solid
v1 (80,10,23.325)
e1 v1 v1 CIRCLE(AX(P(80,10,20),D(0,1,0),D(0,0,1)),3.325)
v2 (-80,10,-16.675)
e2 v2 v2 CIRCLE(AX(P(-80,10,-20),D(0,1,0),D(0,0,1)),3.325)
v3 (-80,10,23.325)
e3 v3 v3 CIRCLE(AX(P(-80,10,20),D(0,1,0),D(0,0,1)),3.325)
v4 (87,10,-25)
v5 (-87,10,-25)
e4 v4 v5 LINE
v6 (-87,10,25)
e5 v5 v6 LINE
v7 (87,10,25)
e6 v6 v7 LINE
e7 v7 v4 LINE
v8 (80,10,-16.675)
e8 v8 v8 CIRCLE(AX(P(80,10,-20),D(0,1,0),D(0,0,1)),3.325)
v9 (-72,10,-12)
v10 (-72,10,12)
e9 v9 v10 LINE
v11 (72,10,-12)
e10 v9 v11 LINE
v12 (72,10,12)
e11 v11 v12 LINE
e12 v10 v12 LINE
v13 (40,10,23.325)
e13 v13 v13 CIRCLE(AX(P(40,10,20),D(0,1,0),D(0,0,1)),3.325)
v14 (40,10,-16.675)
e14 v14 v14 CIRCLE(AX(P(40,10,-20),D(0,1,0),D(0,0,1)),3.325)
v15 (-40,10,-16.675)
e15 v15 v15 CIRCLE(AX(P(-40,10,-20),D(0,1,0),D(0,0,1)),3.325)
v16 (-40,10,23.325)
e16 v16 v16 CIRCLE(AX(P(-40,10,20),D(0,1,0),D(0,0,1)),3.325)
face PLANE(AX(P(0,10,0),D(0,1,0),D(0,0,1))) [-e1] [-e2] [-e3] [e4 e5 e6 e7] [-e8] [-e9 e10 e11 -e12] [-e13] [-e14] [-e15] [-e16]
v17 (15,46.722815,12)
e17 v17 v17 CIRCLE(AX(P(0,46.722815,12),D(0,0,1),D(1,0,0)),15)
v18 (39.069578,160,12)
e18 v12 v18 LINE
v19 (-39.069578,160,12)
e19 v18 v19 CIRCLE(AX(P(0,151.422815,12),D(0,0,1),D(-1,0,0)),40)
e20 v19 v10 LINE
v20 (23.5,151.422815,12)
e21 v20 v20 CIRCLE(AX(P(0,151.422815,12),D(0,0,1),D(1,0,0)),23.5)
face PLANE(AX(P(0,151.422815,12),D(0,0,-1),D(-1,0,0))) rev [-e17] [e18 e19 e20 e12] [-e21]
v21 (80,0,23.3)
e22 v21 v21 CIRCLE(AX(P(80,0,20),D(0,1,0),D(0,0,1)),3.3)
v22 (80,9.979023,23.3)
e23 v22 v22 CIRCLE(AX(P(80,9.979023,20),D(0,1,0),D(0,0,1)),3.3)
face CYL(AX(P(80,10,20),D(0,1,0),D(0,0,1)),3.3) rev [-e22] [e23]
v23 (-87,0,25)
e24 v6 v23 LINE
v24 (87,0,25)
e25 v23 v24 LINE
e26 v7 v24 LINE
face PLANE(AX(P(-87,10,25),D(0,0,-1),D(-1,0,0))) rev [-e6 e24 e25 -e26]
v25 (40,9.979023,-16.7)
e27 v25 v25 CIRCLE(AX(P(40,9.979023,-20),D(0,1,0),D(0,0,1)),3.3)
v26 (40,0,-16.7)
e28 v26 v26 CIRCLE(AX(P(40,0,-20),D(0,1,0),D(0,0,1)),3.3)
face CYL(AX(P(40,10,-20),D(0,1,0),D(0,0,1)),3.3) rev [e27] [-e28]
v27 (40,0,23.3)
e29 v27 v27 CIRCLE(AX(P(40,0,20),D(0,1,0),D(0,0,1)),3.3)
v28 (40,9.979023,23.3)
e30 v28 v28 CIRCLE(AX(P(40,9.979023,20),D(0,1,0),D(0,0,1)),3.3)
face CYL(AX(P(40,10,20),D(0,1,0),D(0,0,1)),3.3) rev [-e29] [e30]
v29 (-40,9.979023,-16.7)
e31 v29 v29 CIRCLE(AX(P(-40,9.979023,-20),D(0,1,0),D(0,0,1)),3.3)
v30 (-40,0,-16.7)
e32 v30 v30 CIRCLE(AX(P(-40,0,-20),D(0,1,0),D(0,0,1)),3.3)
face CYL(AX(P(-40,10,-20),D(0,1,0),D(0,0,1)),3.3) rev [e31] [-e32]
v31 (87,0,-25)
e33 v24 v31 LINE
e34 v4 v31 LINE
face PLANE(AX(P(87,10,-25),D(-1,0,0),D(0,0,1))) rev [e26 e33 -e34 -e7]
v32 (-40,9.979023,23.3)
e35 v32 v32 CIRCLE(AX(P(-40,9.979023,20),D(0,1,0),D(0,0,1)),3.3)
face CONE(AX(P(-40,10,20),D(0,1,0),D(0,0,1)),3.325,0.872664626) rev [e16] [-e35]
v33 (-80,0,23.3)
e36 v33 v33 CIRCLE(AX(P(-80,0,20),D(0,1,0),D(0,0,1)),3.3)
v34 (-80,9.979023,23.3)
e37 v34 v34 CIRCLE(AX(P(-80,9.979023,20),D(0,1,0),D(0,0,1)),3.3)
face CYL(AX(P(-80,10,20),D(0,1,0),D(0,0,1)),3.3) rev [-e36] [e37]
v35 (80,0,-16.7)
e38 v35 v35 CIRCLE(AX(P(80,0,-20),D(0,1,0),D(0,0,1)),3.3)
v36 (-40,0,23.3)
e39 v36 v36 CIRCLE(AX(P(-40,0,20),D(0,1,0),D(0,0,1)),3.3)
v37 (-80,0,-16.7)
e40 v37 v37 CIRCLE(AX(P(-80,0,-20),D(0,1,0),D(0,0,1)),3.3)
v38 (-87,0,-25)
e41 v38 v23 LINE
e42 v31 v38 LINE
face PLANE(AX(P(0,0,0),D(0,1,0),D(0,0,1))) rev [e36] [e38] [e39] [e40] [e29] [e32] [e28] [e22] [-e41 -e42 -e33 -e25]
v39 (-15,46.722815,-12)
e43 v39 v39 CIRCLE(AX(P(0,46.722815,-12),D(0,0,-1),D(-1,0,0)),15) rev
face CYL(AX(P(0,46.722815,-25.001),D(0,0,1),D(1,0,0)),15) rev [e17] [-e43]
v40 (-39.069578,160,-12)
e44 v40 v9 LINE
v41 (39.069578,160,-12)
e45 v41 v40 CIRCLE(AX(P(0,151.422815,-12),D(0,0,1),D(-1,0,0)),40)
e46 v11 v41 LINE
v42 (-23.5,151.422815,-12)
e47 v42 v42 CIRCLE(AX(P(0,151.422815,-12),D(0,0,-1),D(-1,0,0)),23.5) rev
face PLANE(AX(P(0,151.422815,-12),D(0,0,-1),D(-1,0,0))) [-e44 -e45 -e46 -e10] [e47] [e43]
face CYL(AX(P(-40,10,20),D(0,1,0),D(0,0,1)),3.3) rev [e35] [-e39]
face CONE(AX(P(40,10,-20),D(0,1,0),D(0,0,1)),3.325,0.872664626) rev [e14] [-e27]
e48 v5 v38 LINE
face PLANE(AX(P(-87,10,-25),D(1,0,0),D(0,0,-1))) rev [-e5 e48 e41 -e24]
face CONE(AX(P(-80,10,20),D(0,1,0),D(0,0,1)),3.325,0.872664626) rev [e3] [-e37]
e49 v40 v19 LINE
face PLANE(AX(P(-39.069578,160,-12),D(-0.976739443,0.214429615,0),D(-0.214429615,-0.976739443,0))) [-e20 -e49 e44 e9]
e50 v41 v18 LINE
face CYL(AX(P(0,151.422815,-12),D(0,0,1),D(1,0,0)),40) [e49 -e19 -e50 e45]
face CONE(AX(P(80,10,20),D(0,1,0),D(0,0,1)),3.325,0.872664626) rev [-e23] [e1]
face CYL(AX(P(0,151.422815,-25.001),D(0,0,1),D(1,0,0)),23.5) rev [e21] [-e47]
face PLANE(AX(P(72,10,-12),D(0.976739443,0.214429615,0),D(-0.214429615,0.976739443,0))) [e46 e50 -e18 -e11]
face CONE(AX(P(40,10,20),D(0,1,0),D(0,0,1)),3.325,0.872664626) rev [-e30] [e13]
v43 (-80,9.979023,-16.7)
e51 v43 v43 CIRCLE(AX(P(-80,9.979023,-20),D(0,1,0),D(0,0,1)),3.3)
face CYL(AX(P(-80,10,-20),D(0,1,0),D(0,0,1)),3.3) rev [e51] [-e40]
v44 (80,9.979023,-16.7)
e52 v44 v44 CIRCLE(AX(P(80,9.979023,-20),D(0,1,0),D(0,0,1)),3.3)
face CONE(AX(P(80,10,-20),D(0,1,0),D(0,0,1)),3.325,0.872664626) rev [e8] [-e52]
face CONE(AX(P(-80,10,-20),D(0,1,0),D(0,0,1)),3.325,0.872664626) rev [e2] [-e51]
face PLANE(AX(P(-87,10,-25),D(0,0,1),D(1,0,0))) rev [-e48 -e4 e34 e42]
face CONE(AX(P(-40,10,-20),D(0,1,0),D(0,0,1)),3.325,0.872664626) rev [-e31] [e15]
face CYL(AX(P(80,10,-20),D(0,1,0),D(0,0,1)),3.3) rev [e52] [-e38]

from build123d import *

# Parameters (mm, degrees)
SKETCH1_W                      = 174
SKETCH1_H                      = 50
BOSS_EXTRUDE1_DEPTH            = 10
M6_CLEARANCE_HOLE1_D           = 6.6
M6_CLEARANCE_HOLE1_CSINK_D     = 6.65
M6_CLEARANCE_HOLE1_CSINK_ANGLE = 100
BOSS_EXTRUDE2_DEPTH            = 12
BOSS_EXTRUDE2_DEPTH_BACK       = 12
CUT_EXTRUDE1_REACH             = 215.496
SKETCH7_R                      = 15
SKETCH7_R_2                    = 23.5


with BuildPart() as part:
    # Sketch1 → Boss-Extrude1 (new body)
    with BuildSketch(Plane(origin=(0, 0, 0), x_dir=(1, 0, 0), z_dir=(0, 1, 0))):
        Rectangle(SKETCH1_W, SKETCH1_H)
    extrude(amount=BOSS_EXTRUDE1_DEPTH)

    # M6 Clearance Hole1 (through all)
    with Locations(Plane(origin=(0, 10, 0), x_dir=(1, 0, 0), z_dir=(0, 1, 0))):
        with Locations((-80, 20), (-40, 20), (-80, -20), (-40, -20), (40, 20), (80, 20), (40, -20), (80, -20)):
            CounterSinkHole(M6_CLEARANCE_HOLE1_D / 2, M6_CLEARANCE_HOLE1_CSINK_D / 2, counter_sink_angle=M6_CLEARANCE_HOLE1_CSINK_ANGLE)

    # Sketch6 → Boss-Extrude2 (add, two sides: drawn at the far end of the back side and taken through both)
    with BuildSketch(Plane.XY.offset(-BOSS_EXTRUDE2_DEPTH_BACK)):
        with BuildLine():
            Line((-72, 10), (72, 10))
            Line((72, 10), (39.069577731, 160))
            ThreePointArc((39.069577731, 160), (0, 191.422815383), (-39.069577731, 160))
            Line((-39.069577731, 160), (-72, 10))
        make_face()
    extrude(amount=BOSS_EXTRUDE2_DEPTH + BOSS_EXTRUDE2_DEPTH_BACK)

    # Sketch7 → Cut-Extrude1 (cut, up to next)
    with BuildSketch(Plane.XY.offset(12), mode=Mode.PRIVATE) as cut_extrude1_sk1:
        with Locations((0, 46.722815383)):
            Circle(SKETCH7_R)
    cut_extrude1_tool1 = extrude(cut_extrude1_sk1.sketch, amount=-CUT_EXTRUDE1_REACH, mode=Mode.PRIVATE) & part.part
    # Sketch7 → Cut-Extrude1 (cut, up to next)
    with BuildSketch(Plane.XY.offset(12), mode=Mode.PRIVATE) as cut_extrude1_sk2:
        with Locations((0, 151.422815383)):
            Circle(SKETCH7_R_2)
    cut_extrude1_tool2 = extrude(cut_extrude1_sk2.sketch, amount=-CUT_EXTRUDE1_REACH, mode=Mode.PRIVATE) & part.part
    add(cut_extrude1_tool1.solids().sort_by_distance((0, 46.722815, 12))[0], mode=Mode.SUBTRACT)
    add(cut_extrude1_tool2.solids().sort_by_distance((0, 151.422815, 12))[0], mode=Mode.SUBTRACT)


solid = part.part
